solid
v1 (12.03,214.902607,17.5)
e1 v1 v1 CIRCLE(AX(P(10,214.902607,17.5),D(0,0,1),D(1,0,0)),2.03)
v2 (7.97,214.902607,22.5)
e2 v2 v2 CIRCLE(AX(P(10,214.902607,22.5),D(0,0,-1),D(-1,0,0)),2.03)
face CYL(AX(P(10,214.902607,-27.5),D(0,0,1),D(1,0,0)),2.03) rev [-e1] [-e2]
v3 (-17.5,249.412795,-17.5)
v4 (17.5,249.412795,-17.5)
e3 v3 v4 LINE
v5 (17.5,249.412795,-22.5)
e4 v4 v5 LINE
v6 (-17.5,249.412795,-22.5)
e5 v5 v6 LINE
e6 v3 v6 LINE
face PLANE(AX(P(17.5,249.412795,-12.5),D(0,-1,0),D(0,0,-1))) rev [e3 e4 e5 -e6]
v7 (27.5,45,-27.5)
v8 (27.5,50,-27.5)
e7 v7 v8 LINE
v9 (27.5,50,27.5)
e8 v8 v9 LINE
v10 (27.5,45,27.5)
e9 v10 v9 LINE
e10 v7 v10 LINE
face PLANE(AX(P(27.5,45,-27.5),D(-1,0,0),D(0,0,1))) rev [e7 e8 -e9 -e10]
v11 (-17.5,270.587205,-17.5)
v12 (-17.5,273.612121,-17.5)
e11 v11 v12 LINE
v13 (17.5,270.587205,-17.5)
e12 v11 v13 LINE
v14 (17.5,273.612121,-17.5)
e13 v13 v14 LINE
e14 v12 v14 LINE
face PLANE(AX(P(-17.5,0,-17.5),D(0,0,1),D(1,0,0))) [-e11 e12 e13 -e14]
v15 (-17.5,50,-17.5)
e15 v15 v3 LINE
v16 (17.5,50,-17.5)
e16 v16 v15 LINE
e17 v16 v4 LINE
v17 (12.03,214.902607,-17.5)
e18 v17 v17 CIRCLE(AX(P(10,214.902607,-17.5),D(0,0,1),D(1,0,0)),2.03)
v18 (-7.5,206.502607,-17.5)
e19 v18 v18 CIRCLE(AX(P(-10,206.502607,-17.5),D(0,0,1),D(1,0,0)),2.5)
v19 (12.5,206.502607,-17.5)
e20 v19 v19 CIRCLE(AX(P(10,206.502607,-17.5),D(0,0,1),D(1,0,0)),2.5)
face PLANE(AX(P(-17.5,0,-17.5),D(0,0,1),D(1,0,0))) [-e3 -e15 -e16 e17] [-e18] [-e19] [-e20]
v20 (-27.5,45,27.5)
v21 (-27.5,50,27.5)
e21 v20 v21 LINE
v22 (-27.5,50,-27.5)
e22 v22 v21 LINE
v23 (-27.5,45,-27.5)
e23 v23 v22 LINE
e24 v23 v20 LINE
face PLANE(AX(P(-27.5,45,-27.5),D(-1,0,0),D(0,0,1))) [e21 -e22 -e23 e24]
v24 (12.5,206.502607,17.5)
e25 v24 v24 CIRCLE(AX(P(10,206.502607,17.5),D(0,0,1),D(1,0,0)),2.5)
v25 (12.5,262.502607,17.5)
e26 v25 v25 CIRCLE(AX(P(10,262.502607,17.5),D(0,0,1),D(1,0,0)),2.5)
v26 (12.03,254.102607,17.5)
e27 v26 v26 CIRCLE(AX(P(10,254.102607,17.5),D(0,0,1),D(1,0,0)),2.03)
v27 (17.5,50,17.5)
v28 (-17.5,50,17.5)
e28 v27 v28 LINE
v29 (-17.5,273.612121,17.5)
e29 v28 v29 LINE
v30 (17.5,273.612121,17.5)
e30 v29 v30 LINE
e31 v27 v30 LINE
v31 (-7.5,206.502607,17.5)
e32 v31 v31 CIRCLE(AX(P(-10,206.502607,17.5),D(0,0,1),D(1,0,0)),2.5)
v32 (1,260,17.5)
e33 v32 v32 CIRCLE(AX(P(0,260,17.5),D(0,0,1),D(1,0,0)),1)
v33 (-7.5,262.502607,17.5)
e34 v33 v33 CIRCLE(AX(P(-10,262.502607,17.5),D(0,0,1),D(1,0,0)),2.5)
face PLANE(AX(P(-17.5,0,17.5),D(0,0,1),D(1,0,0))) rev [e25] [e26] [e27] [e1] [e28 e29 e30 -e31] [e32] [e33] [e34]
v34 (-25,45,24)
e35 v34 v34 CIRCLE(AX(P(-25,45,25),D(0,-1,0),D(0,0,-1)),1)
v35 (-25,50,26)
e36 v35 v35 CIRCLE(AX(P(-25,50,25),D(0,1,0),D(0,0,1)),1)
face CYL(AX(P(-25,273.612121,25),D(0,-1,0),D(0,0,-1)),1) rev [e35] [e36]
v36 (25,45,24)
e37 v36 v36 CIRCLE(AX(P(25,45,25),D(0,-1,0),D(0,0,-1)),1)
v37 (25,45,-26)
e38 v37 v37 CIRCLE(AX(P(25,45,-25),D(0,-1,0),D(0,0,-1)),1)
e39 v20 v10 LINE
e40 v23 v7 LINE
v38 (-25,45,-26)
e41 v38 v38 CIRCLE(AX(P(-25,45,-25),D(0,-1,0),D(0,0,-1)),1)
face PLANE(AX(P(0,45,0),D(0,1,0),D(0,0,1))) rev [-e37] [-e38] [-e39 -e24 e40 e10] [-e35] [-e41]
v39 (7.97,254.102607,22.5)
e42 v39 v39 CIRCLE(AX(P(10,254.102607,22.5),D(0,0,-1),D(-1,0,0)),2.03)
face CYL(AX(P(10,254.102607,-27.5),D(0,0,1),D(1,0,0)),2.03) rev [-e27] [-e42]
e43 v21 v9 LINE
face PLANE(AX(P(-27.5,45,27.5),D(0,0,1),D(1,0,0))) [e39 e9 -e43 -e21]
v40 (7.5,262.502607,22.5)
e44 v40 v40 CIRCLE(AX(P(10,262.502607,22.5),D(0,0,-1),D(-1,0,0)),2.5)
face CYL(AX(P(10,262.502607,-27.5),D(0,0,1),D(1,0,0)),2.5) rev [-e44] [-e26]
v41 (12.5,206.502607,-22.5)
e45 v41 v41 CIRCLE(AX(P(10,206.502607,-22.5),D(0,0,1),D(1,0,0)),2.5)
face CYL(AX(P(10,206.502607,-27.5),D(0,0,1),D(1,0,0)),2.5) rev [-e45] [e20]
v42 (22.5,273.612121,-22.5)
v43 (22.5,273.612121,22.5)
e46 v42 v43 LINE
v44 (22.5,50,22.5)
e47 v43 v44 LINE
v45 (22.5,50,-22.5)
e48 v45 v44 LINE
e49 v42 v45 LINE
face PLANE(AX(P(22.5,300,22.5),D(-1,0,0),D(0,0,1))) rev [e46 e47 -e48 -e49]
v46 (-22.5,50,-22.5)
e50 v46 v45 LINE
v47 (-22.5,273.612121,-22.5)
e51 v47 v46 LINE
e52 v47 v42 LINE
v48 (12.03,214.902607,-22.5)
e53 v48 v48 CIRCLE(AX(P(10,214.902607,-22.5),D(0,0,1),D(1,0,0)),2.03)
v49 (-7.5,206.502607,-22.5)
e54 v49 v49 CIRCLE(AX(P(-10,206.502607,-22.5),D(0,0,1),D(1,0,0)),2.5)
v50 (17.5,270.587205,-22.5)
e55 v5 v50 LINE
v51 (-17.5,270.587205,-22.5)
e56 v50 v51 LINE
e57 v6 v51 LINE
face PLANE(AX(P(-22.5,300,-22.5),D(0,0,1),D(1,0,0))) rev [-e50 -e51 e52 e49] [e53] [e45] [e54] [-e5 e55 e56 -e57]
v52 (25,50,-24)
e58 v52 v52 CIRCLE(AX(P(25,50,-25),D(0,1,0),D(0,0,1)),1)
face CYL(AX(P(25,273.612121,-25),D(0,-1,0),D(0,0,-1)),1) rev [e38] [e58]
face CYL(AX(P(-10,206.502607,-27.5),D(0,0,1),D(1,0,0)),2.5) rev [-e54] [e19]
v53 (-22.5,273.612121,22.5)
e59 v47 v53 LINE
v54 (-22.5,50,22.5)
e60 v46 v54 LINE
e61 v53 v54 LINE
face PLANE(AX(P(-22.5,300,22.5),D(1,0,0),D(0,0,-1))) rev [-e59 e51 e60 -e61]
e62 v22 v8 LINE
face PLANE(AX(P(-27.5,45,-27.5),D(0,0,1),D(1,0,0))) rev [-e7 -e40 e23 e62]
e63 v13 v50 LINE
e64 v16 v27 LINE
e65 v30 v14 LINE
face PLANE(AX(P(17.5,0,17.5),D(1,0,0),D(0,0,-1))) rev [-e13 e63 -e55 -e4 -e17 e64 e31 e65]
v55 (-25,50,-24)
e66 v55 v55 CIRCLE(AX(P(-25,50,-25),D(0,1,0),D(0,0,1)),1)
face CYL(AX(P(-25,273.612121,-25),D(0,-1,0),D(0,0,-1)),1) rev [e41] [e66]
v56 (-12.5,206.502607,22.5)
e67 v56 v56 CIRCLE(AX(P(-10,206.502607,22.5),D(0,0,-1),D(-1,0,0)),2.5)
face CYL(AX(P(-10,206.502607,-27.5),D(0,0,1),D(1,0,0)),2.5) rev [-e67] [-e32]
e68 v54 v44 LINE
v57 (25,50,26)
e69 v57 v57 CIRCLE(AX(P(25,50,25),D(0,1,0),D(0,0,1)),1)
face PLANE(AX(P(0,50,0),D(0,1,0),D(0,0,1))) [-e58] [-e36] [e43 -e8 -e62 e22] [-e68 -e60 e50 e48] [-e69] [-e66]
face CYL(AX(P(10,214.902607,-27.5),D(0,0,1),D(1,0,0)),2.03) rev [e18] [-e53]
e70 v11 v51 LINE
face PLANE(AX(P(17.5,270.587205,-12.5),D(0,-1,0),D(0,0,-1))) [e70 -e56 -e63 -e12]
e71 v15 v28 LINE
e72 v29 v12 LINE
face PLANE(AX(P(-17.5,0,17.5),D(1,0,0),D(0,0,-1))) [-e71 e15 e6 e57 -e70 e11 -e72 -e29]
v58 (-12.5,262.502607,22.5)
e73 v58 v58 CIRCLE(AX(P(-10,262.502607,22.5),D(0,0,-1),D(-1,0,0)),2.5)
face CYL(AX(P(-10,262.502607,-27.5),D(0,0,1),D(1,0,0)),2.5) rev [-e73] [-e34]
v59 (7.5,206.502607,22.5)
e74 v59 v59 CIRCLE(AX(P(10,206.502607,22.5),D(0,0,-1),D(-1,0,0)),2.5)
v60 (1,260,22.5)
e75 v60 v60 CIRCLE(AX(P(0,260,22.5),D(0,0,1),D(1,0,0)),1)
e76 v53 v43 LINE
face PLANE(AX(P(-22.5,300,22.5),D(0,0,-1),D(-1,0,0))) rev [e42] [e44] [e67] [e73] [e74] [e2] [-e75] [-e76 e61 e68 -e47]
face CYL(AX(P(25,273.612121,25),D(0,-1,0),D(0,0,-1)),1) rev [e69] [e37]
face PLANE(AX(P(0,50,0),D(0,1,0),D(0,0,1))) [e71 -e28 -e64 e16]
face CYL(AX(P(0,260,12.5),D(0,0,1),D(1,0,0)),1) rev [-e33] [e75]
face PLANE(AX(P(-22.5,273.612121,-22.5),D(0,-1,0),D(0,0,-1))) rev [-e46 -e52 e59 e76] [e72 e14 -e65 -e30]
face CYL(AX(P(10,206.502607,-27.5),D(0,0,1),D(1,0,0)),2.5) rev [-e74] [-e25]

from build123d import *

# Parameters (mm, degrees)
CROQUIS1_W                 = 45
CROQUIS1_H                 = 45
SALIENTE_EXTRUIR1_DEPTH    = 300
CROQUIS4_W                 = 18
CROQUIS4_H                 = 34
CORTAR_EXTRUIR2_DEPTH      = 46
CROQUIS8_W                 = 35
CROQUIS8_H                 = 35
CORTAR_EXTRUIR3_DEPTH      = 301
CROQUIS9_W                 = 35
CROQUIS9_H                 = 21.174410022
CORTAR_EXTRUIR4_DEPTH      = 10
CROQUIS10_R                = 1
CORTAR_EXTRUIR5_DEPTH      = 10
CROQUIS11_W                = 45
CROQUIS11_H                = 26.387879272
CORTAR_EXTRUIR6_DEPTH      = 46
CROQUIS13_W                = 45
CROQUIS13_H                = 50
CORTAR_EXTRUIR7_DEPTH      = 23.5
CORTAR_EXTRUIR7_DEPTH_BACK = 23.5
CROQUIS14_W                = 55
CROQUIS14_H                = 55
SALIENTE_EXTRUIR2_DEPTH    = 5
CROQUIS16_R                = 1
CORTAR_EXTRUIR8_DEPTH      = 1
CORTAR_EXTRUIR8_DEPTH_BACK = 229.612120728
CROQUIS17_R                = 2.5
CROQUIS17_R_2              = 2.03
CORTAR_EXTRUIR9_DEPTH      = 6
CORTAR_EXTRUIR9_DEPTH_BACK = 51


with BuildPart() as part:
    # Croquis1 → Saliente-Extruir1 (new body)
    with BuildSketch(Plane(origin=(0, 0, 0), x_dir=(1, 0, 0), z_dir=(0, 1, 0))):
        Rectangle(CROQUIS1_W, CROQUIS1_H)
    extrude(amount=SALIENTE_EXTRUIR1_DEPTH)

    # Croquis4 → Cortar-Extruir2 (cut, through all)
    with BuildSketch(Plane.ZY.offset(22.5)):
        with Locations((13.5, 17)):
            Rectangle(CROQUIS4_W, CROQUIS4_H)
    extrude(amount=-CORTAR_EXTRUIR2_DEPTH, mode=Mode.SUBTRACT)

    # Croquis8 → Cortar-Extruir3 (cut, through all)
    with BuildSketch(Plane(origin=(0, 300, 0), x_dir=(1, 0, 0), z_dir=(0, 1, 0))):
        Rectangle(CROQUIS8_W, CROQUIS8_H)
    extrude(amount=-CORTAR_EXTRUIR3_DEPTH, mode=Mode.SUBTRACT)

    # Croquis9 → Cortar-Extruir4 (cut)
    with BuildSketch(Plane(origin=(0, 0, -22.5), x_dir=(-1, 0, 0), z_dir=(0, 0, -1))):
        with Locations((0, 260)):
            Rectangle(CROQUIS9_W, CROQUIS9_H)
    extrude(amount=-CORTAR_EXTRUIR4_DEPTH, mode=Mode.SUBTRACT)

    # Croquis10 → Cortar-Extruir5 (cut)
    with BuildSketch(Plane.XY.offset(22.5)):
        with Locations((0, 260)):
            Circle(CROQUIS10_R)
    extrude(amount=-CORTAR_EXTRUIR5_DEPTH, mode=Mode.SUBTRACT)

    # Croquis11 → Cortar-Extruir6 (cut, through all)
    with BuildSketch(Plane.XY.offset(22.5)):
        with Locations((0, 286.806060364)):
            Rectangle(CROQUIS11_W, CROQUIS11_H)
    extrude(amount=-CORTAR_EXTRUIR6_DEPTH, mode=Mode.SUBTRACT)

    # Croquis13 → Cortar-Extruir7 (cut, two sides)
    with BuildSketch(Plane(origin=(0, 0, 0), x_dir=(0, 0, -1), z_dir=(1, 0, 0))) as cortar_extruir7_sk:
        with Locations((0, 25)):
            Rectangle(CROQUIS13_W, CROQUIS13_H)
    extrude(amount=CORTAR_EXTRUIR7_DEPTH, mode=Mode.SUBTRACT)
    extrude(cortar_extruir7_sk.sketch, amount=-CORTAR_EXTRUIR7_DEPTH_BACK, mode=Mode.SUBTRACT)

    # Croquis14 → Saliente-Extruir2 (add)
    with BuildSketch(Plane.XZ.offset(-50)):
        Rectangle(CROQUIS14_W, CROQUIS14_H)
    extrude(amount=SALIENTE_EXTRUIR2_DEPTH)

    # Croquis16 → Cortar-Extruir8 (cut, two sides)
    with BuildSketch(Plane.XZ.offset(-45)) as cortar_extruir8_sk:
        with Locations((25, 25)):
            Circle(CROQUIS16_R)
        with Locations((-25, 25)):
            Circle(CROQUIS16_R)
        with Locations((-25, -25)):
            Circle(CROQUIS16_R)
        with Locations((25, -25)):
            Circle(CROQUIS16_R)
    extrude(amount=CORTAR_EXTRUIR8_DEPTH, mode=Mode.SUBTRACT)
    extrude(cortar_extruir8_sk.sketch, amount=-CORTAR_EXTRUIR8_DEPTH_BACK, mode=Mode.SUBTRACT)

    # Croquis17 → Cortar-Extruir9 (cut, two sides)
    with BuildSketch(Plane.XY.offset(22.5)) as cortar_extruir9_sk:
        with Locations((-10, 262.50260741)):
            Circle(CROQUIS17_R)
        with Locations((-10, 206.50260741)):
            Circle(CROQUIS17_R)
        with Locations((10, 262.50260741)):
            Circle(CROQUIS17_R)
        with Locations((10, 206.50260741)):
            Circle(CROQUIS17_R)
        with Locations((10, 254.10260741)):
            Circle(CROQUIS17_R_2)
        with Locations((10, 214.90260741)):
            Circle(CROQUIS17_R_2)
    extrude(amount=CORTAR_EXTRUIR9_DEPTH, mode=Mode.SUBTRACT)
    extrude(cortar_extruir9_sk.sketch, amount=-CORTAR_EXTRUIR9_DEPTH_BACK, mode=Mode.SUBTRACT)


solid = part.part
